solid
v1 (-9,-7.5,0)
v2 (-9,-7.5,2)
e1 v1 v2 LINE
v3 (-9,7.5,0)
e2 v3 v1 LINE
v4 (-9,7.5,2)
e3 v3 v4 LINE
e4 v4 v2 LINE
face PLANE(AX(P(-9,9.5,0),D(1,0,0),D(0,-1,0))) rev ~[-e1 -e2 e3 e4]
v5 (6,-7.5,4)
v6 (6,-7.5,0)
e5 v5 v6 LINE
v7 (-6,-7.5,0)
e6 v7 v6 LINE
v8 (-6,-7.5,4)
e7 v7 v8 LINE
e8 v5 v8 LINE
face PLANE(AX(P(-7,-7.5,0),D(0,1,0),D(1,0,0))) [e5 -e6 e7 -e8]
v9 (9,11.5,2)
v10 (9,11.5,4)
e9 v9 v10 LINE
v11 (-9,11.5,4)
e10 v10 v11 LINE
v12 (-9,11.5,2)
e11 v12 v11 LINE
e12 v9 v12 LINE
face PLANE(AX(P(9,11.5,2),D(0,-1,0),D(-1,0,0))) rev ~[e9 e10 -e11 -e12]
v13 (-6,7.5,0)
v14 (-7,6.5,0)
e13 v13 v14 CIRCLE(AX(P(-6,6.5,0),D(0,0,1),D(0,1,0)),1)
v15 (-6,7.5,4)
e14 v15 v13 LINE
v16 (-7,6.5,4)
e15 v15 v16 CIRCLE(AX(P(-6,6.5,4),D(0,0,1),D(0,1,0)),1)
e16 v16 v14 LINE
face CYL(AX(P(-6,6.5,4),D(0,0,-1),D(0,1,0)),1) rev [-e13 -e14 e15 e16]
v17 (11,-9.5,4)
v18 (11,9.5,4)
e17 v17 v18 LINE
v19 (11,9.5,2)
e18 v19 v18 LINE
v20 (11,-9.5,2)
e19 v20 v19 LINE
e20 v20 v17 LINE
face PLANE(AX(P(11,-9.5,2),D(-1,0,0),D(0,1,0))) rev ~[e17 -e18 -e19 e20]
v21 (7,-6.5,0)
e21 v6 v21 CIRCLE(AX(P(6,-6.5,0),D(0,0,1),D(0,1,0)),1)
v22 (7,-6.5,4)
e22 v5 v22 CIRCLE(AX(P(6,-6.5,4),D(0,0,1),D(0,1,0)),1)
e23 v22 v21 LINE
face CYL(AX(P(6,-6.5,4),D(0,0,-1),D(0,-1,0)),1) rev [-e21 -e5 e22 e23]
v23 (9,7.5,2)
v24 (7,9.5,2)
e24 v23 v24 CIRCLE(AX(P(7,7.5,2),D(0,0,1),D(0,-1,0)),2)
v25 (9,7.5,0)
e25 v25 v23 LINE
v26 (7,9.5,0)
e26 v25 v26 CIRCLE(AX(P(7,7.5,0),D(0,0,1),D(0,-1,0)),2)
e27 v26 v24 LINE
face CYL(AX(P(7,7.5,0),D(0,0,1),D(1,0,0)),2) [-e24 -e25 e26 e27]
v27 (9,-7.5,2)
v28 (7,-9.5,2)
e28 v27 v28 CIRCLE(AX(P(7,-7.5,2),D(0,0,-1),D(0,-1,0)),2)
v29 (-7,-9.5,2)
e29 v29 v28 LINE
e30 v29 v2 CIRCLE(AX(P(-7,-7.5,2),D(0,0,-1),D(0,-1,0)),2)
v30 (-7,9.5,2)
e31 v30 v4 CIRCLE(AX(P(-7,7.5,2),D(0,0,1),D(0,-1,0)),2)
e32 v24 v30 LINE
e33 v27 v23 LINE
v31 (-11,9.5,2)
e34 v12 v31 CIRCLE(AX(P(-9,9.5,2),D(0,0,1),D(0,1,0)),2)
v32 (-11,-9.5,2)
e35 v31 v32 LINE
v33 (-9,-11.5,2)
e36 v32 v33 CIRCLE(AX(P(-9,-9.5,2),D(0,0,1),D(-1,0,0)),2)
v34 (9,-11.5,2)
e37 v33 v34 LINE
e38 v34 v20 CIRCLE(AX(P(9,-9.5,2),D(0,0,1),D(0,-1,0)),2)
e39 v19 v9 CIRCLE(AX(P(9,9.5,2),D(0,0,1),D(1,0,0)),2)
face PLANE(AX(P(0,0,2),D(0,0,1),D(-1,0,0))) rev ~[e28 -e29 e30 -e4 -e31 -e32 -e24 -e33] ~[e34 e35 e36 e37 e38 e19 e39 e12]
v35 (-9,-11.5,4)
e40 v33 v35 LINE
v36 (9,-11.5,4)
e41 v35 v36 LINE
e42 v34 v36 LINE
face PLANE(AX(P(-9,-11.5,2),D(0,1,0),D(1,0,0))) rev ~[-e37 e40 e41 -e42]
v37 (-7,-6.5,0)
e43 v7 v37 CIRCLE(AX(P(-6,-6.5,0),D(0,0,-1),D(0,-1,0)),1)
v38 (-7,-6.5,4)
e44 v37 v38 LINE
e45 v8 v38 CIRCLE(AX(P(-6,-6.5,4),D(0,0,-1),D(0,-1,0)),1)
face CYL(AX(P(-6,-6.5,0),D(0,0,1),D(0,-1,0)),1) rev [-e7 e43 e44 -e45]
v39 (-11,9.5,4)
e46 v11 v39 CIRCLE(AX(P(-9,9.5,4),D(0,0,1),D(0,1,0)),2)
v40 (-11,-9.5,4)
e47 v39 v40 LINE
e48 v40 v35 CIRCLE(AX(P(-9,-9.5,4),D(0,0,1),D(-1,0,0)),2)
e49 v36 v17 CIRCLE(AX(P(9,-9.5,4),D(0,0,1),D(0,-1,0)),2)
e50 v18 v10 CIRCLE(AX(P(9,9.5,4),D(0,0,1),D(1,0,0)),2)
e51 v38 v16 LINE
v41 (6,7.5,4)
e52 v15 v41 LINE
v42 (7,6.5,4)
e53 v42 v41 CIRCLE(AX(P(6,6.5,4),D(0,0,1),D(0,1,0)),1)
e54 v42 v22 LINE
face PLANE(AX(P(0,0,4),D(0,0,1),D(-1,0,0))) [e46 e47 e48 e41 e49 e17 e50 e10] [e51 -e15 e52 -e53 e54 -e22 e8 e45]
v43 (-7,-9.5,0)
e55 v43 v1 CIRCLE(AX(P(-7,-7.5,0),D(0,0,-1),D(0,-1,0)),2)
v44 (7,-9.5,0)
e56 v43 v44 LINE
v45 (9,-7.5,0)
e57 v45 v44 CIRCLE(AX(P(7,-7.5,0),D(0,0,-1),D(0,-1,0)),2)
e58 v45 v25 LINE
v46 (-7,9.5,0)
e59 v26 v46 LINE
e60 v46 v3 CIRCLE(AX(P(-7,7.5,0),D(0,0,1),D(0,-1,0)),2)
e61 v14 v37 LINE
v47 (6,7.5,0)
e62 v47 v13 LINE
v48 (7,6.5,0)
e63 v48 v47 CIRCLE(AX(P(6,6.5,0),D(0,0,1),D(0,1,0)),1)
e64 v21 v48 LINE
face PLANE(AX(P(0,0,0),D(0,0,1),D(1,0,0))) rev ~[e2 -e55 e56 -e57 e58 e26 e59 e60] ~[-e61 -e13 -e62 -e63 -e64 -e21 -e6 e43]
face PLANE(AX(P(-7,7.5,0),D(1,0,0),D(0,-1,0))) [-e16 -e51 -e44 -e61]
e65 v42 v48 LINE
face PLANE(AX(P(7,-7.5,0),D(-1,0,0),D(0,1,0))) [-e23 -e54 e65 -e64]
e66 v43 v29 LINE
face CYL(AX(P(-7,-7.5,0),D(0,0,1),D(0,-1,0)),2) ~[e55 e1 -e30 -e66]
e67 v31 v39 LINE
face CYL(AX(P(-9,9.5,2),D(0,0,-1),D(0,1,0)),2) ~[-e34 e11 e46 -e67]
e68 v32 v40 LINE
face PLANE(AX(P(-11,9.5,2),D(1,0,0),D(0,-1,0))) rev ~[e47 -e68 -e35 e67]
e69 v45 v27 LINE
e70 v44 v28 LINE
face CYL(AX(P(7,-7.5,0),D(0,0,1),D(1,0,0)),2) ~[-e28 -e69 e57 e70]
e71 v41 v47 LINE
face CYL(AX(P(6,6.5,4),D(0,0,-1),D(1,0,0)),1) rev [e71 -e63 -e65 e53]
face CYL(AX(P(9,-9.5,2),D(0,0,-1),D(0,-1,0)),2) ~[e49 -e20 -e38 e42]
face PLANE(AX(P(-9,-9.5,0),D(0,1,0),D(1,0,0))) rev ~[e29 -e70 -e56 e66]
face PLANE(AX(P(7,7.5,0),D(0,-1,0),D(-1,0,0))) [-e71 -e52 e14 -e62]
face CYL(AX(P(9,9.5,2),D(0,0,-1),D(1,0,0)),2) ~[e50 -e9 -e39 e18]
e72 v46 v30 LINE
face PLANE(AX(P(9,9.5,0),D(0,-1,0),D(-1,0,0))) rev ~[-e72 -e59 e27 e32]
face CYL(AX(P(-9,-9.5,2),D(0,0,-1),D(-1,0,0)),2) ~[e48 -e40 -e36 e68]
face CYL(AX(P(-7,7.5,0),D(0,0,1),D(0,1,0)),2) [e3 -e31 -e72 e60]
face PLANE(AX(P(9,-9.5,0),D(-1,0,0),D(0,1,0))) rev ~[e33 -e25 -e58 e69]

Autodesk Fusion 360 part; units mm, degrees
sketch "Esboço1" plane through (0, 0, 0) normal (0, 0, 1) x (1, 0, 0)
  line L0 (9, 9.5) -> (-9, 9.5)
  line L1 (-9, 9.5) -> (-9, -9.5)
  line L2 (-9, -9.5) -> (9, -9.5)
  line L3 (9, -9.5) -> (9, 9.5)
  line L4 (9, 9.5) -> (-9, -9.5) construction
  line L5 (-9, 9.5) -> (9, -9.5) construction
  line L6 (-7, -7.5) -> (7, -7.5)
  line L7 (7, -7.5) -> (7, 7.5)
  line L8 (7, 7.5) -> (-7, 7.5)
  line L9 (-7, 7.5) -> (-7, -7.5)
  dimension "d1" = 18
  dimension "d2" = 19
  dimension "d3" = -2
extrude "Extrusão1" add sketch "Esboço1" along normal blind 2
sketch "Esboço2" plane through (0, 0, 2) normal (0, 0, 1) x (-1, 0, 0)
  line L0 (7, 7.5) -> (7, -7.5)
  line L1 (7, -7.5) -> (-7, -7.5)
  line L2 (-7, -7.5) -> (-7, 7.5)
  line L3 (-7, 7.5) -> (7, 7.5)
  line L4 (-9, 9.5) -> (-9, -9.5)
  line L5 (-9, -9.5) -> (9, -9.5)
  line L6 (9, -9.5) -> (9, 9.5)
  line L7 (9, 9.5) -> (-9, 9.5)
  line L8 (-11, 9.5) -> (-11, -9.5)
  line L9 (-9, -11.5) -> (9, -11.5)
  line L10 (11, -9.5) -> (11, 9.5)
  line L11 (9, 11.5) -> (-9, 11.5)
  arc A0 (11, 9.5) -> (9, 11.5) centre (9, 9.5) ccw
  arc A1 (-9, 11.5) -> (-11, 9.5) centre (-9, 9.5) ccw
  arc A2 (-11, -9.5) -> (-9, -11.5) centre (-9, -9.5) ccw
  arc A3 (9, -11.5) -> (11, -9.5) centre (9, -9.5) ccw
  dimension "d7" = 2
extrude "Extrusão2" add sketch "Esboço2" along normal blind 2 contours L4 L5 L6 L7 | L8 L9 L10 L11 A0 A1 A2 A3
fillet "Arredondamento1" radius 2 4 edges at (-9, 9.5, 1) (-9, -9.5, 1) (9, 9.5, 1) (9, -9.5, 1)
fillet "Arredondamento2" radius 1 4 edges at (-7, 7.5, 2) (-7, -7.5, 2) (7, -7.5, 2) (7, 7.5, 2)
